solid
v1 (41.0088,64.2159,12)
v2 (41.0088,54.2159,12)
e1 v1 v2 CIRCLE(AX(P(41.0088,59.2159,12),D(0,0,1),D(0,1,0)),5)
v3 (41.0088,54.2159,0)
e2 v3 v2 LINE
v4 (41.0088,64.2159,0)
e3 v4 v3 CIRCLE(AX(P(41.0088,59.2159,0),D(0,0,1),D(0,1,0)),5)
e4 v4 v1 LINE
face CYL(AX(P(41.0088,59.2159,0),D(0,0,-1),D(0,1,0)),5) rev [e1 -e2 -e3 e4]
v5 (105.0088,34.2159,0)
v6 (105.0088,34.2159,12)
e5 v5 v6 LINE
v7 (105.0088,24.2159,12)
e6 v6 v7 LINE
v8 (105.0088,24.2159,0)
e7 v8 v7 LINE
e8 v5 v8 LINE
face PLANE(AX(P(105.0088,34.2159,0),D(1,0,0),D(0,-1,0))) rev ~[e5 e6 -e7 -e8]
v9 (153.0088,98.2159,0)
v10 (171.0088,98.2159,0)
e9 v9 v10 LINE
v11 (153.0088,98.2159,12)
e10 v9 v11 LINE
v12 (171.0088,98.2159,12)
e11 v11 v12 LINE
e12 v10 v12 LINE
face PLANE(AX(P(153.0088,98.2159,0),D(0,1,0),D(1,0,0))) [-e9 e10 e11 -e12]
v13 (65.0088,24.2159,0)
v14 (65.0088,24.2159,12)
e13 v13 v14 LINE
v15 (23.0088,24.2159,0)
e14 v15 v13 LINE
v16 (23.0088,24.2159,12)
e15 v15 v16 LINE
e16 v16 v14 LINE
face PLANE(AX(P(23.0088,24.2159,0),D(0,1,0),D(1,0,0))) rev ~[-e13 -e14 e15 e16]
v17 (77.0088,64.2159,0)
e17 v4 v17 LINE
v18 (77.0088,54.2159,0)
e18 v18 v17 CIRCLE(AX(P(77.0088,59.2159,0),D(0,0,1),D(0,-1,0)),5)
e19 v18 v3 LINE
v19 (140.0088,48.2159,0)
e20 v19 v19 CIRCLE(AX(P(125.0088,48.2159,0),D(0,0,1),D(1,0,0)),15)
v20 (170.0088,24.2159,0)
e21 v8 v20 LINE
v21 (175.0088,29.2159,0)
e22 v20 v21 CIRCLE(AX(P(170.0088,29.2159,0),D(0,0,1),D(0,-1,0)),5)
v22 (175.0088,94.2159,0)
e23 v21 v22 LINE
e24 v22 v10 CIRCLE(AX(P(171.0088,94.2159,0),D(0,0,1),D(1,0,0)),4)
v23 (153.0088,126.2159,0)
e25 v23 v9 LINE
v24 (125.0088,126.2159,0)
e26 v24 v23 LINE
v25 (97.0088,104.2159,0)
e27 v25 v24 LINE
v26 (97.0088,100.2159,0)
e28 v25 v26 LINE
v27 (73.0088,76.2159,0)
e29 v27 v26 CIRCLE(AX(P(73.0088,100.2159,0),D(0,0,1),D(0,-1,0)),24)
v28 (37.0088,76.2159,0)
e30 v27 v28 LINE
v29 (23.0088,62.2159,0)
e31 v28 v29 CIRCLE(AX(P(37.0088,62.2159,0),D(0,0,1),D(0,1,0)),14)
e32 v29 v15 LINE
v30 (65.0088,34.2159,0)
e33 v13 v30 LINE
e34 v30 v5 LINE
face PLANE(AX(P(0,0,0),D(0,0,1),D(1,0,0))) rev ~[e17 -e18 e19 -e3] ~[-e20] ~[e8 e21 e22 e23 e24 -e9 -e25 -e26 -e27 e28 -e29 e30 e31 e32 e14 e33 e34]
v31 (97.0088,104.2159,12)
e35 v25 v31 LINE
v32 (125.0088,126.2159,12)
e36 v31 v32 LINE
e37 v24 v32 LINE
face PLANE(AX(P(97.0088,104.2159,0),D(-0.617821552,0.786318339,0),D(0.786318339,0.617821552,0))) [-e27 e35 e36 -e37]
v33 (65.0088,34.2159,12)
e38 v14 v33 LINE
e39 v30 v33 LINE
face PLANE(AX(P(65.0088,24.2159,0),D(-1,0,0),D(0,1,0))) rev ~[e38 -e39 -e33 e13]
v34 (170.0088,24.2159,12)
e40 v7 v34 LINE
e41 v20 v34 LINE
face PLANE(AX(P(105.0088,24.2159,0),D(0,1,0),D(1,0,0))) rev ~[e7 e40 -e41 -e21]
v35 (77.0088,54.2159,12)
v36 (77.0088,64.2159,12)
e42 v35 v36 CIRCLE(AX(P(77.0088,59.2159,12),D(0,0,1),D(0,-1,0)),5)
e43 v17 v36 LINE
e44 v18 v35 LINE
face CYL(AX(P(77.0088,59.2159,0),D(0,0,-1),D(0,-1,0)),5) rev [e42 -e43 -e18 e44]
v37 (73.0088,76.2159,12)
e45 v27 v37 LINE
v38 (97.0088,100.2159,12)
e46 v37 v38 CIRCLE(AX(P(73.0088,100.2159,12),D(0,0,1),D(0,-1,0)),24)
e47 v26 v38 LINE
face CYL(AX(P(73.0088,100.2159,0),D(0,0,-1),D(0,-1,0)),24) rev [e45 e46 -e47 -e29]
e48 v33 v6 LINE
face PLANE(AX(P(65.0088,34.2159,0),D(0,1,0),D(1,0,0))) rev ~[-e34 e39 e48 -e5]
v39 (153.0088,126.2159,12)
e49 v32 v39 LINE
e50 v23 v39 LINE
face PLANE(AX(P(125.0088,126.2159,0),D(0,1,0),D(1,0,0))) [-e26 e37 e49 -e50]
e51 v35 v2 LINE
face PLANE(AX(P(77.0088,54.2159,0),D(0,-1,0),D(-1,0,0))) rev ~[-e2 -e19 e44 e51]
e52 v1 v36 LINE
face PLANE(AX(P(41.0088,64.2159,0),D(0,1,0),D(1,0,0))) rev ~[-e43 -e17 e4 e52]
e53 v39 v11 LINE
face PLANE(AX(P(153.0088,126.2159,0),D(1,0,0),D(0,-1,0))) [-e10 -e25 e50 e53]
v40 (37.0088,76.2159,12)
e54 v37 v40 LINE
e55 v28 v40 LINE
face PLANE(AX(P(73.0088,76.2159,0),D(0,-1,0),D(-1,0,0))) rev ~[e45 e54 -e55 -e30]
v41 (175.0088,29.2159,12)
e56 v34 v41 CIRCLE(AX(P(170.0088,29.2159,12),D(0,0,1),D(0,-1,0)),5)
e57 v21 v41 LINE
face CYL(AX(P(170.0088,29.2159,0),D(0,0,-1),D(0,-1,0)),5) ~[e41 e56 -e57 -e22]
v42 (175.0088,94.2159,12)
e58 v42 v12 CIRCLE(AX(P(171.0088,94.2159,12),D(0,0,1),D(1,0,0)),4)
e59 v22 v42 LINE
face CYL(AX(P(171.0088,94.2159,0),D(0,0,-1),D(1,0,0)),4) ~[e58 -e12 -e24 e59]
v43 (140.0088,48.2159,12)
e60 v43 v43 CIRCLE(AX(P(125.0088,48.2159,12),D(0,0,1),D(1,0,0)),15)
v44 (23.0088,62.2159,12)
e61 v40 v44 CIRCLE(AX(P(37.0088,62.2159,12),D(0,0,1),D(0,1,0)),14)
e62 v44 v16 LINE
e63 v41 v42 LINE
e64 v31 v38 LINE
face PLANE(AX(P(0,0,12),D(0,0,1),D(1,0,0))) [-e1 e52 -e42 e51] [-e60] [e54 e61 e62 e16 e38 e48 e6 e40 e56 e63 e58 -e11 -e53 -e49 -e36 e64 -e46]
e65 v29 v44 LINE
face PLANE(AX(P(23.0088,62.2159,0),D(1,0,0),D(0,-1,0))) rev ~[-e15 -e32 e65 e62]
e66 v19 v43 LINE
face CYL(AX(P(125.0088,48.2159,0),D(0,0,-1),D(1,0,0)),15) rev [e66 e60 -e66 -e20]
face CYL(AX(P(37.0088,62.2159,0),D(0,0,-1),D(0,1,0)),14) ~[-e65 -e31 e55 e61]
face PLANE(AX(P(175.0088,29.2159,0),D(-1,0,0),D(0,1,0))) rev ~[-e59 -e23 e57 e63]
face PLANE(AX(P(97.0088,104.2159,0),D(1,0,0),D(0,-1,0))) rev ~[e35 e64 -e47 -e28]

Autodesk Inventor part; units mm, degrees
ref_plane "YZ Plane" through (0, 0, 0) normal (1, 0, 0) x (0, 1, 0)
ref_plane "XZ Plane" through (0, 0, 0) normal (0, 1, 0) x (-1, 0, 0)
ref_plane "XY Plane" through (0, 0, 0) normal (0, 0, 1) x (1, 0, 0)
sketch "Sketch1" plane through (0, 0, 0) normal (0, 0, 1) x (1, 0, 0)
  line L0 (23.0088, 62.2159) -> (23.0088, 24.2159)
  line L1 (175.0088, 29.2159) -> (175.0088, 94.2159)
  line L2 (97.0088, 104.2159) -> (97.0088, 100.2159)
  line L3 (73.0088, 76.2159) -> (37.0088, 76.2159)
  line L4 (97.0088, 104.2159) -> (125.0088, 126.2159)
  line L5 (23.0088, 24.2159) -> (65.0088, 24.2159)
  line L6 (65.0088, 24.2159) -> (65.0088, 34.2159)
  line L7 (65.0088, 34.2159) -> (105.0088, 34.2159)
  line L8 (105.0088, 34.2159) -> (105.0088, 24.2159)
  line L9 (105.0088, 24.2159) -> (170.0088, 24.2159)
  line L10 (125.0088, 126.2159) -> (153.0088, 126.2159)
  line L11 (153.0088, 98.2159) -> (171.0088, 98.2159)
  arc A0 (37.0088, 76.2159) -> (23.0088, 62.2159) centre (37.0088, 62.2159) ccw
  arc A1 (73.0088, 76.2159) -> (97.0088, 100.2159) centre (73.0088, 100.2159) ccw
  arc A2 (175.0088, 94.2159) -> (171.0088, 98.2159) centre (171.0088, 94.2159) ccw
  arc A3 (170.0088, 24.2159) -> (175.0088, 29.2159) centre (170.0088, 29.2159) ccw
  circle A4 centre (125.0088, 48.2159) radius 15
  line L12 (153.0088, 126.2159) -> (153.0088, 98.2159)
  line L13 (41.0088, 64.2159) -> (77.0088, 64.2159)
  line L14 (77.0088, 54.2159) -> (41.0088, 54.2159)
  arc A5 (41.0088, 64.2159) -> (41.0088, 54.2159) centre (41.0088, 59.2159) ccw
  arc A6 (77.0088, 54.2159) -> (77.0088, 64.2159) centre (77.0088, 59.2159) ccw
  point P0 (0, 0)
  point P1 (23.0088, 76.2159)
  point P2 (175.0088, 24.2159)
  point P3 (175.0088, 98.2159)
  dimension "d0" = 52
  dimension "d5" = 74
  dimension "d7" = 102
  dimension "d8" = 80
  dimension "d9" = 102
  dimension "d11" = 42
  dimension "d12" = 82
  dimension "d13" = 152
  dimension "d14" = 74
  dimension "d15" = 14
  dimension "d16" = 24
  dimension "d17" = 4
  dimension "d18" = 5
  dimension "d30" = 30
  dimension "d31" = 24
  dimension "d32" = 102
  dimension "d33" = 10
  dimension "d34" = 23.0088
  dimension "d35" = 24.2159
  dimension "d38" = 130
  dimension "d42" = 5
  dimension "d43" = 18
  dimension "d44" = 54
  dimension "d45" = 35
  dimension "d46" = 5
extrude "Extrusion1" add sketch "Sketch1" along normal blind 12
properties part number "Activity_3_kumar"
